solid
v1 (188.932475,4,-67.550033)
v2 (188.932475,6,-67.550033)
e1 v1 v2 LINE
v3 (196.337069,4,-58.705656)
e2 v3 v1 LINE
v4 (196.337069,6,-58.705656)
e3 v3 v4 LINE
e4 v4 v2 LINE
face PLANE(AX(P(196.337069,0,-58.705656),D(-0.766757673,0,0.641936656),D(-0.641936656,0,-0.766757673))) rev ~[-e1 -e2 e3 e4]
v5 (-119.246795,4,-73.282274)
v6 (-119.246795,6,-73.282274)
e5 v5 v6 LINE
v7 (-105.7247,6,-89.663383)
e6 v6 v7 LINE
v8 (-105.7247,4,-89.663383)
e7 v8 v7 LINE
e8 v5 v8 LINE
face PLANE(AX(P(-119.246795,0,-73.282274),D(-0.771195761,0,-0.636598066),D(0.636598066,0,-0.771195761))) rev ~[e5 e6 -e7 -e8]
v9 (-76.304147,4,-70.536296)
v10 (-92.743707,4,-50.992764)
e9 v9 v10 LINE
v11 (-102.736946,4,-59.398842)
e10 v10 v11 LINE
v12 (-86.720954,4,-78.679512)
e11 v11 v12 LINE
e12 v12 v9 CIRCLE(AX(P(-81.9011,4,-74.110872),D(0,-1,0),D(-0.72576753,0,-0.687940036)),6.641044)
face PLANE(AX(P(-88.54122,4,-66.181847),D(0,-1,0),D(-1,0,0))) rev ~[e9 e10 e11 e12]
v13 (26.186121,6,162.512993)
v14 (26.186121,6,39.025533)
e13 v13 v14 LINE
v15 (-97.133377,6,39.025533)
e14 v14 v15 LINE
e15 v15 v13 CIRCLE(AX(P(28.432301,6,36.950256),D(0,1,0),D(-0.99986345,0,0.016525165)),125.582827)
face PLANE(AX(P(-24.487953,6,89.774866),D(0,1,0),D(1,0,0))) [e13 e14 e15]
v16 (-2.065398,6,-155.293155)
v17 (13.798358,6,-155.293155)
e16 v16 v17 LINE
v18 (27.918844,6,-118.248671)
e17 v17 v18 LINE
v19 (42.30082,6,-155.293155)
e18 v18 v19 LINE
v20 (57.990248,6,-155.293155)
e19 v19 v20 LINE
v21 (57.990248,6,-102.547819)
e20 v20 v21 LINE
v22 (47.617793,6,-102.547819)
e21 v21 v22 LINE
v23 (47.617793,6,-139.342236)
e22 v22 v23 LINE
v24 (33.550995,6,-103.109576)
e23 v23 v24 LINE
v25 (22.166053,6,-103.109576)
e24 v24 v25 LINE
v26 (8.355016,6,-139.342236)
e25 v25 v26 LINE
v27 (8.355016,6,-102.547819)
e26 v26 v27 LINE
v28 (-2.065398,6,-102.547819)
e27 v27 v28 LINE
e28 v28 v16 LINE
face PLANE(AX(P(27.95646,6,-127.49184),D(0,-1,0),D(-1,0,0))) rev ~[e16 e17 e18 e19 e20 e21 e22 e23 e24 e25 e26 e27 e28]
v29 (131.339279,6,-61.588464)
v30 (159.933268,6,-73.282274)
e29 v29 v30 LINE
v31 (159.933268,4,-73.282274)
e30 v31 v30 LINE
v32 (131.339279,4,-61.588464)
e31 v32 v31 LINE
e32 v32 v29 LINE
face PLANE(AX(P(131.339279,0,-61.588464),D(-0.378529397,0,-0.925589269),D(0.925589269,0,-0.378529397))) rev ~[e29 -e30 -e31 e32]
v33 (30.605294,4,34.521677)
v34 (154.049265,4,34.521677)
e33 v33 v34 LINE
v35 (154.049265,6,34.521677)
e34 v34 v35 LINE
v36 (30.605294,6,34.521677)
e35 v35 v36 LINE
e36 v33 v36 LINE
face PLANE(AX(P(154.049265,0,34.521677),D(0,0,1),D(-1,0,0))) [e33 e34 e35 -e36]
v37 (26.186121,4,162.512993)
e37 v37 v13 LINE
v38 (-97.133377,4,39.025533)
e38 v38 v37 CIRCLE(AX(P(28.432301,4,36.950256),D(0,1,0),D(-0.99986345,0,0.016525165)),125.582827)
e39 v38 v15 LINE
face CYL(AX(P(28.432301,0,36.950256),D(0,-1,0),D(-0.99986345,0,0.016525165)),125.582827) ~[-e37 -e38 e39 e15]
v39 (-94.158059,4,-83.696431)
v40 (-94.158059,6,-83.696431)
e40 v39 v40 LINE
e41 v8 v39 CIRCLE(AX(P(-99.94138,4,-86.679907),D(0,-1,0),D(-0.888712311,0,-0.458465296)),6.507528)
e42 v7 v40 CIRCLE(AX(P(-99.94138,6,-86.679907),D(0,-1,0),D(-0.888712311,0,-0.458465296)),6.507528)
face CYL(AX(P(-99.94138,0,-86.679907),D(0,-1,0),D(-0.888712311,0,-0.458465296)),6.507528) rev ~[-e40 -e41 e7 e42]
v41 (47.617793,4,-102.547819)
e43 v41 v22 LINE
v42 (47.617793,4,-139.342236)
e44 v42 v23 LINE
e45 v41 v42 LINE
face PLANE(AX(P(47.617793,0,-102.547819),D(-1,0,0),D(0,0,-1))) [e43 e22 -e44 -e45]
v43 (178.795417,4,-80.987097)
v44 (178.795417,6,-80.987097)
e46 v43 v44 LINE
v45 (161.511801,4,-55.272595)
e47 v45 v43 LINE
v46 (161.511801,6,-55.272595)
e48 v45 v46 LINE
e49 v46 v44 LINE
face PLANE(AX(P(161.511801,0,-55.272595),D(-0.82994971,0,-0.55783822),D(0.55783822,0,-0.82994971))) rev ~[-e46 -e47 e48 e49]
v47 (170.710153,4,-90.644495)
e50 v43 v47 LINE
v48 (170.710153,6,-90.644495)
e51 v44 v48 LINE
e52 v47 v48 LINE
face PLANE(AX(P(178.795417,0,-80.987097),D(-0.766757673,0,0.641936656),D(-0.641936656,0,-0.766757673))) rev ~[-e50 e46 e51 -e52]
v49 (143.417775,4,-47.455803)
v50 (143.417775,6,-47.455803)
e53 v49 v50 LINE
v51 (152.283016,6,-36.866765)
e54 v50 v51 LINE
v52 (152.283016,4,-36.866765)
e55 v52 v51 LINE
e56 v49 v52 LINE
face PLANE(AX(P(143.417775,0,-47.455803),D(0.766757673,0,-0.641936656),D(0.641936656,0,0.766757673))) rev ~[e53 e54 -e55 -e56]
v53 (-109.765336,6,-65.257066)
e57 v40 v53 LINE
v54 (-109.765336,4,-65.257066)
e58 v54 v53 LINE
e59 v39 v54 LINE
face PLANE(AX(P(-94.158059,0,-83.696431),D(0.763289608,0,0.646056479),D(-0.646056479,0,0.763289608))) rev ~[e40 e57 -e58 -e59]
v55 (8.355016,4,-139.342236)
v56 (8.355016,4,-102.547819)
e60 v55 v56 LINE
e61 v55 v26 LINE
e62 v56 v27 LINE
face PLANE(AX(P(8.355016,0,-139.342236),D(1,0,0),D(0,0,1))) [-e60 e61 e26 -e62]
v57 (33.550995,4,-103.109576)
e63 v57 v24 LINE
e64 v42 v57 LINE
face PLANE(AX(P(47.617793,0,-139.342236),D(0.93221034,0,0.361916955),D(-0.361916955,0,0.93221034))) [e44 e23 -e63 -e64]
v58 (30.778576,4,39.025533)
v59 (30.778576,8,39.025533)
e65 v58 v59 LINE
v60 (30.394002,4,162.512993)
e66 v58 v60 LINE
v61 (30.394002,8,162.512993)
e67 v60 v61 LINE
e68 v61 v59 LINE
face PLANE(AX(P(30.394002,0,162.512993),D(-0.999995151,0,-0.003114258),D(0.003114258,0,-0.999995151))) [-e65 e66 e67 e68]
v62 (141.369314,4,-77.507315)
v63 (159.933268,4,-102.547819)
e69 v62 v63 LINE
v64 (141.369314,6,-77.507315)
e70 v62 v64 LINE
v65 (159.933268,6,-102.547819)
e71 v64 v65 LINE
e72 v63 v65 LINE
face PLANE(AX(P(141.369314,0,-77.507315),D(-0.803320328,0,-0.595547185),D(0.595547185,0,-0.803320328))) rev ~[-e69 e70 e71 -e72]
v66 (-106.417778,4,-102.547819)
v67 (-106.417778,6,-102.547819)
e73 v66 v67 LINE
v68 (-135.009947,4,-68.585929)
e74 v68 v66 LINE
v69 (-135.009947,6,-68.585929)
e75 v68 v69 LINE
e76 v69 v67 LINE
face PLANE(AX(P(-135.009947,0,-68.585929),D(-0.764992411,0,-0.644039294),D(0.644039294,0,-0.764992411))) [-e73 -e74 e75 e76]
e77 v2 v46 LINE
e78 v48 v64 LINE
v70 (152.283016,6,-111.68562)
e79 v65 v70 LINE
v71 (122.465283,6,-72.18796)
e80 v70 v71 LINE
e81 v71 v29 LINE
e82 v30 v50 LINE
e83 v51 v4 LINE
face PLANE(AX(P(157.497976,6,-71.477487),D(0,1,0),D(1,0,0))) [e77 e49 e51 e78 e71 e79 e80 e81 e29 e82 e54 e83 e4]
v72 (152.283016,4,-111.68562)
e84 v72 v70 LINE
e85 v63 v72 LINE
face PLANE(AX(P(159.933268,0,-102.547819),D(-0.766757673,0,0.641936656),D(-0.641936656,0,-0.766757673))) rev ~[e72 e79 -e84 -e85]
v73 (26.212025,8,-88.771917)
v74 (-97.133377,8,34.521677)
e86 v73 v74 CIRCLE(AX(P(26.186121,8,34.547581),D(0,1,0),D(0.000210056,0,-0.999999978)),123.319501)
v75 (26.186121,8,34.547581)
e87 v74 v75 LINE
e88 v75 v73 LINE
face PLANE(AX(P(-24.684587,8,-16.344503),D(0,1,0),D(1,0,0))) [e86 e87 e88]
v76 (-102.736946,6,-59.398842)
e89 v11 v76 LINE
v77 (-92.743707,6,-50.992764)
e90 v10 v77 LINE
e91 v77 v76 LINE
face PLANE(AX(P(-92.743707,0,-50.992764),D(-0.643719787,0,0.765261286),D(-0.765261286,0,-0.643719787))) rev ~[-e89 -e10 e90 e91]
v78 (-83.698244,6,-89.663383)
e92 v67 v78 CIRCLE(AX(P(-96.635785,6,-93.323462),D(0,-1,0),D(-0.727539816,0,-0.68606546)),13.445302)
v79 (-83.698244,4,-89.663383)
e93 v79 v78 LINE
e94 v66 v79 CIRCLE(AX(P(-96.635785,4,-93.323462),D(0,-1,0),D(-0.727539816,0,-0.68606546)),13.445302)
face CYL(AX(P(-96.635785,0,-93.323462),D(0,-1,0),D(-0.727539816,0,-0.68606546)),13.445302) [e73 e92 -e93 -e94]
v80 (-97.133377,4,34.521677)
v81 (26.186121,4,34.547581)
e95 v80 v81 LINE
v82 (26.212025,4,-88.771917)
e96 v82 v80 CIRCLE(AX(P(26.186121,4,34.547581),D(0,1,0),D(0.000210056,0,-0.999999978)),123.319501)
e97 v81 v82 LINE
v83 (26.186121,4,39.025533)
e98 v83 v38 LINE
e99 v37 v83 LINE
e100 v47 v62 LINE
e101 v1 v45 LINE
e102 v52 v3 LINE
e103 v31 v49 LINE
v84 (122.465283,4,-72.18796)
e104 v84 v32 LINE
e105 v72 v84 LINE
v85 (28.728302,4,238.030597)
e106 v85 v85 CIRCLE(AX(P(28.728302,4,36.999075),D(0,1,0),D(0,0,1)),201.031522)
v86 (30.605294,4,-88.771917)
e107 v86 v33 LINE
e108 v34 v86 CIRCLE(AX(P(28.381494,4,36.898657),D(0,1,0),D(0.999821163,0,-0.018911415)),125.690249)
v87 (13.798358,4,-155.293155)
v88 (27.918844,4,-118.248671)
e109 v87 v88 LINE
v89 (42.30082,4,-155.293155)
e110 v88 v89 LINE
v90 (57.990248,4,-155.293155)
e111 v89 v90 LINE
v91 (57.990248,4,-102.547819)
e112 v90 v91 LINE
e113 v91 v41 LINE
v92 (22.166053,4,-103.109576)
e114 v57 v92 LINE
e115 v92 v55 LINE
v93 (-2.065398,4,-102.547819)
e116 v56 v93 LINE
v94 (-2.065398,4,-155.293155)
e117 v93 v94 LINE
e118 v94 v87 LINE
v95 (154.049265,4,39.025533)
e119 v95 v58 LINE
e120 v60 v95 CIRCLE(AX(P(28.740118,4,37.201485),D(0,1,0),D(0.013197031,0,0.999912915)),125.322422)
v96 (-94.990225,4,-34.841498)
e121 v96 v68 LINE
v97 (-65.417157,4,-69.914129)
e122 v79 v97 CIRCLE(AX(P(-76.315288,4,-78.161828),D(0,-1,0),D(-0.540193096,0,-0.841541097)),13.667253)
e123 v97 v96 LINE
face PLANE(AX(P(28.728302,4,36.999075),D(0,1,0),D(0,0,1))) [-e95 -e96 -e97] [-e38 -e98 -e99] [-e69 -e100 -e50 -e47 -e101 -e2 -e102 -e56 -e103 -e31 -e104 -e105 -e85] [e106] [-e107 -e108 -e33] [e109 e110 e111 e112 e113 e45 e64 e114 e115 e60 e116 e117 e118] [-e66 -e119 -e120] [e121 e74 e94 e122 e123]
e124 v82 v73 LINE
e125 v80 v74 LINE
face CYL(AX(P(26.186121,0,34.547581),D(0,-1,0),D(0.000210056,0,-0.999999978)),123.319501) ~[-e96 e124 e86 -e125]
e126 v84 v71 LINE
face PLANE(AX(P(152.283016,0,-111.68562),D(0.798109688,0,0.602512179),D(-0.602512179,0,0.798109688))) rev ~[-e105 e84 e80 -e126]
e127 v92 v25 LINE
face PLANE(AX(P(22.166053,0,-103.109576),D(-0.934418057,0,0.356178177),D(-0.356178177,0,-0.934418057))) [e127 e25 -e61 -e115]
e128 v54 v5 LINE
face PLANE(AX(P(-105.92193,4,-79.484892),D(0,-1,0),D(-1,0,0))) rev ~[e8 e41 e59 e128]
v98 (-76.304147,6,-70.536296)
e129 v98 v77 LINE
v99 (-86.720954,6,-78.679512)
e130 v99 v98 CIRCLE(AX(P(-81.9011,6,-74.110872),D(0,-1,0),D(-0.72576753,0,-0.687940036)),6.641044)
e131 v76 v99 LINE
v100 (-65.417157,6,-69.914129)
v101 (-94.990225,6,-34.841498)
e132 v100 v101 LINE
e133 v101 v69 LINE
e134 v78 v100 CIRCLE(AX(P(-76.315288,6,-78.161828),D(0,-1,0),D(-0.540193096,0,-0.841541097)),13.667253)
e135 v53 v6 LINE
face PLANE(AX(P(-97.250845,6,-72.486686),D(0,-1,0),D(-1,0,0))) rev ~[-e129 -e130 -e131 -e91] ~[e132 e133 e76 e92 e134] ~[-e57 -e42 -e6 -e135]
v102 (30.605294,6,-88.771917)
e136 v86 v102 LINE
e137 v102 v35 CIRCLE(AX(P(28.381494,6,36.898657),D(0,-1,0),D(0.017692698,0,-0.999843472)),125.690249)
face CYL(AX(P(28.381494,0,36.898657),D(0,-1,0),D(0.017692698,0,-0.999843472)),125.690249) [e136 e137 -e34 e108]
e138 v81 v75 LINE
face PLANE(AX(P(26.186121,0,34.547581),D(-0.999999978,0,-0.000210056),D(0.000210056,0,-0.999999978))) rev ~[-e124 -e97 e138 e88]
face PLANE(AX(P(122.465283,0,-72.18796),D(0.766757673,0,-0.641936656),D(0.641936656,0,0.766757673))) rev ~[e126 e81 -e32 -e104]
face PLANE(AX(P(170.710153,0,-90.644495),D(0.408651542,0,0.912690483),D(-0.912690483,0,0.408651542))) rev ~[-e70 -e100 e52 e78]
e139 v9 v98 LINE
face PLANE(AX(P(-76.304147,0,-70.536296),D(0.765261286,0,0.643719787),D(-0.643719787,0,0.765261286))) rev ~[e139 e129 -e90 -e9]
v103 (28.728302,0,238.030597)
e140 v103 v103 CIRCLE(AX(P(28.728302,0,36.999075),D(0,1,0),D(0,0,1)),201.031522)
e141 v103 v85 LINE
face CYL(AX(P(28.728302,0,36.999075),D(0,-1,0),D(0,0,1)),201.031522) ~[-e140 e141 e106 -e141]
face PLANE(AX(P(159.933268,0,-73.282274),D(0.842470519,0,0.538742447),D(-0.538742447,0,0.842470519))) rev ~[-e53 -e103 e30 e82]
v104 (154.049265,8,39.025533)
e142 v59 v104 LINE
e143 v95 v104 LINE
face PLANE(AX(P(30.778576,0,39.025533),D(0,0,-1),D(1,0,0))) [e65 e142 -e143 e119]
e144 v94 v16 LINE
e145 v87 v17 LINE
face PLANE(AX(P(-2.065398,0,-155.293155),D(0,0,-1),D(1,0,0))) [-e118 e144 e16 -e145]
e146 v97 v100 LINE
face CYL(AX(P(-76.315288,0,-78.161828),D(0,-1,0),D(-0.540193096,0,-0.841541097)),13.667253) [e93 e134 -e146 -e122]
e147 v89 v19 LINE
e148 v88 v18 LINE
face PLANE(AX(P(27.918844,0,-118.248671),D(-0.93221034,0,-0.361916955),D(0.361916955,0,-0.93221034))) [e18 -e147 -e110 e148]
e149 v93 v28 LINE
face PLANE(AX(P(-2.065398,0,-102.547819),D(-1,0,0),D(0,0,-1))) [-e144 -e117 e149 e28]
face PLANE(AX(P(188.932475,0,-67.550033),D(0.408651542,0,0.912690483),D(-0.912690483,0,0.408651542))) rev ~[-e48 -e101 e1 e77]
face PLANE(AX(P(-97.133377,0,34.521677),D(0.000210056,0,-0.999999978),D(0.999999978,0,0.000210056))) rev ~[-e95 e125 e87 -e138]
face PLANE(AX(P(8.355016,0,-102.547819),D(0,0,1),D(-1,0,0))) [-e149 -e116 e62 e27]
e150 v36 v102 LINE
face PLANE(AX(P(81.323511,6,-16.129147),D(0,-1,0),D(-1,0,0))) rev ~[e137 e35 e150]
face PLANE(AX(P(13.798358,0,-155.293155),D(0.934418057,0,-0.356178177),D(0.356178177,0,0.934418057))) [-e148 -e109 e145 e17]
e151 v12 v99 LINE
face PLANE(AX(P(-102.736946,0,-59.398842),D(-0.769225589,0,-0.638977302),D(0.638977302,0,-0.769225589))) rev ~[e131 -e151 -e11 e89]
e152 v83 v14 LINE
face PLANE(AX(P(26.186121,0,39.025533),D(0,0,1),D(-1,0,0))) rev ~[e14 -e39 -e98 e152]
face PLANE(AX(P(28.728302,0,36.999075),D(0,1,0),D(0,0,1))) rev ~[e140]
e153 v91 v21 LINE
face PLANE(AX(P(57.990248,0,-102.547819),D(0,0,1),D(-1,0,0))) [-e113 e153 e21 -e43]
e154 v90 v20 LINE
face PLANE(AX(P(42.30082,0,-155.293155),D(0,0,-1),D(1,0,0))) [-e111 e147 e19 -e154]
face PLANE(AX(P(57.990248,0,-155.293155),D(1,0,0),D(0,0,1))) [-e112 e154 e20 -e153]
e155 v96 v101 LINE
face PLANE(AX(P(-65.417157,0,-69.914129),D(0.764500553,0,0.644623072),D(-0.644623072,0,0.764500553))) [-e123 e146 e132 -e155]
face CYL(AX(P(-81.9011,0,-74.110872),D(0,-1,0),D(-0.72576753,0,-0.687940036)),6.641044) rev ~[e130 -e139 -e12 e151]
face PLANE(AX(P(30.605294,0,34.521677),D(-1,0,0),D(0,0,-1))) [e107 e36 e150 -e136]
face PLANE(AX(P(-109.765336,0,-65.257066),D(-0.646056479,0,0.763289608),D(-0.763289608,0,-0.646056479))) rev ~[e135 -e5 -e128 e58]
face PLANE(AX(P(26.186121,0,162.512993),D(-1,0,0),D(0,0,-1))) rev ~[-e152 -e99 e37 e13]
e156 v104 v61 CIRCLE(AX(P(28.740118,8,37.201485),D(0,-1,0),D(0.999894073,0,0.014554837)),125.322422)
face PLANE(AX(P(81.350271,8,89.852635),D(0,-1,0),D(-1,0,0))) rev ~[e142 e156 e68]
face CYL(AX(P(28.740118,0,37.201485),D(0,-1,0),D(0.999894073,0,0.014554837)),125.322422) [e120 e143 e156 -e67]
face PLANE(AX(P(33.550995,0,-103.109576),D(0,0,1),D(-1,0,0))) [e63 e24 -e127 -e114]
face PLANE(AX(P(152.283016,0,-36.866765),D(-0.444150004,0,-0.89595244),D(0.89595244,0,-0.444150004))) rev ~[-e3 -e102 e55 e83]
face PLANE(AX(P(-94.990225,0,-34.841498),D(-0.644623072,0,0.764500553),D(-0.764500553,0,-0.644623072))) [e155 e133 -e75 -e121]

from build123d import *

# Parameters (mm, degrees)
BOSS_EXTRUDE7_DEPTH   = 4
BOSS_EXTRUDE7_2_DEPTH = 4
SKETCH2_R             = 201.031521777
BOSS_EXTRUDE7_3_DEPTH = 4
BOSS_EXTRUDE10_DEPTH  = 6
BOSS_EXTRUDE11_DEPTH  = 8


with BuildPart() as part:
    # Sketch2 → Boss-Extrude7 (new body)
    with BuildSketch(Plane(origin=(0, 0, 0), x_dir=(1, 0, 0), z_dir=(0, 1, 0))):
        with BuildLine():
            Line((-105.724699903, 89.663383086), (-119.246794828, 73.282274115))
            Line((-119.246794828, 73.282274115), (-109.765335501, 65.257065635))
            Line((-109.765335501, 65.257065635), (-94.158059223, 83.696431494))
            ThreePointArc((-94.158059223, 83.696431494), (-96.957903767, 92.46322763), (-105.724699903, 89.663383086))
        make_face()
    extrude(amount=BOSS_EXTRUDE7_DEPTH)



with BuildPart() as body_2:
    # Sketch2 → Boss-Extrude7 2 (new body)
    with BuildSketch(Plane(origin=(0, 0, 0), x_dir=(1, 0, 0), z_dir=(0, 1, 0))):
        with BuildLine():
            Line((-86.720953962, 78.679511972), (-102.73694564, 59.398841753))
            Line((-102.73694564, 59.398841753), (-92.743706606, 50.992764213))
            Line((-92.743706606, 50.992764213), (-76.304147471, 70.536296052))
            ThreePointArc((-76.304147471, 70.536296052), (-77.810994424, 79.342936952), (-86.720953962, 78.679511972))
        make_face()
    extrude(amount=BOSS_EXTRUDE7_2_DEPTH)


with BuildPart() as body_3:
    # Sketch2 → Boss-Extrude7 3 (new body)
    with BuildSketch(Plane(origin=(0, 0, 0), x_dir=(1, 0, 0), z_dir=(0, 1, 0))):
        with Locations((28.728301923, -36.999075156)):
            Circle(SKETCH2_R)
        with BuildLine():
            Line((26.186120795, -39.0255328), (26.186120795, -162.512993196))
            ThreePointArc((26.186120795, -162.512993196), (-60.428579099, -125.690271204), (-97.133377287, -39.0255328))
            Line((-97.133377287, -39.0255328), (26.186120795, -39.0255328))
        make_face(mode=Mode.SUBTRACT)
        with BuildLine():
            ThreePointArc((154.049264899, -39.0255328), (117.2962644, -125.8779667), (30.394002326, -162.512993196))
            Line((30.394002326, -162.512993196), (30.778576004, -39.0255328))
            Line((30.778576004, -39.0255328), (154.049264899, -39.0255328))
        make_face(mode=Mode.SUBTRACT)
        with BuildLine():
            Line((26.186120795, -34.547580598), (-97.133377287, -34.521676642))
            ThreePointArc((-97.133377287, -34.521676642), (-60.995615689, 52.670789611), (26.21202475, 88.771917484))
            Line((26.21202475, 88.771917484), (26.186120795, -34.547580598))
        make_face(mode=Mode.SUBTRACT)
        with BuildLine():
            Line((-94.990225375, 34.841498226), (-135.009946729, 68.585928646))
            Line((-135.009946729, 68.585928646), (-106.417778138, 102.547819155))
            ThreePointArc((-106.417778138, 102.547819155), (-90.003173195, 105.01895685), (-83.698244067, 89.663383086))
            ThreePointArc((-83.698244067, 89.663383086), (-66.285464204, 87.446031309), (-65.417157073, 69.914129125))
            Line((-65.417157073, 69.914129125), (-94.990225375, 34.841498226))
        make_face(mode=Mode.SUBTRACT)
        Polygon((8.355015654, 102.547819155), (-2.065397597, 102.547819155), (-2.065397597, 155.293154737), (13.798357886, 155.293154737), (27.918843536, 118.248670779), (42.300819661, 155.293154737), (57.990248161, 155.293154737), (57.990248161, 102.547819155), (47.617792653, 102.547819155), (47.617792653, 139.342235762), (33.550995269, 103.109575833), (22.166053086, 103.109575833), (8.355015654, 139.342235762), align=None, mode=Mode.SUBTRACT)
        with BuildLine():
            ThreePointArc((30.605293957, 88.771917484), (117.203738276, 52.031920201), (154.049264899, -34.521676642))
            Line((154.049264899, -34.521676642), (30.605293957, -34.521676642))
            Line((30.605293957, -34.521676642), (30.605293957, 88.771917484))
        make_face(mode=Mode.SUBTRACT)
        Polygon((131.33927946, 61.588463956), (122.465283041, 72.187959679), (152.283015919, 111.685620156), (159.93326792, 102.547819155), (141.369313955, 77.507315286), (170.710153416, 90.644495422), (178.795417003, 80.987097248), (161.511800701, 55.272594698), (188.932474766, 67.550032606), (196.33706913, 58.705656004), (152.283015919, 36.866764734), (143.417774586, 47.455802993), (159.93326792, 73.282274115), align=None, mode=Mode.SUBTRACT)
    extrude(amount=BOSS_EXTRUDE7_3_DEPTH)


with BuildPart() as part_1:
    add(part.part)

    add(body_2.part)  # Boss-Extrude10 merges body 2

    add(body_3.part)  # Boss-Extrude10 merges body 3
    # Sketch2<12> → Boss-Extrude10 (add)
    # profile 1 of 5: a face of its own
    with BuildSketch(Plane(origin=(0, 0, 0), x_dir=(1, 0, 0), z_dir=(0, 1, 0))):
        with BuildLine():
            Line((30.605293957, -34.521676642), (154.049264899, -34.521676642))
            ThreePointArc((154.049264899, -34.521676642), (117.203738276, 52.031920201), (30.605293957, 88.771917484))
            Line((30.605293957, 88.771917484), (30.605293957, -34.521676642))
        make_face()
    # profile 2 of 5: a face of its own
    with BuildSketch(Plane(origin=(0, 0, 0), x_dir=(1, 0, 0), z_dir=(0, 1, 0))):
        with BuildLine():
            ThreePointArc((-97.133377287, -39.0255328), (-60.428579099, -125.690271204), (26.186120795, -162.512993196))
            Line((26.186120795, -162.512993196), (26.186120795, -39.0255328))
            Line((26.186120795, -39.0255328), (-97.133377287, -39.0255328))
        make_face()
    # profile 3 of 5: a face of its own
    with BuildSketch(Plane(origin=(0, 0, 0), x_dir=(1, 0, 0), z_dir=(0, 1, 0))):
        with BuildLine():
            Line((-106.417778138, 102.547819155), (-135.009946729, 68.585928646))
            Line((-135.009946729, 68.585928646), (-94.990225375, 34.841498226))
            Line((-94.990225375, 34.841498226), (-65.417157073, 69.914129125))
            ThreePointArc((-65.417157073, 69.914129125), (-66.285464204, 87.446031309), (-83.698244067, 89.663383086))
            ThreePointArc((-83.698244067, 89.663383086), (-90.003173195, 105.01895685), (-106.417778138, 102.547819155))
        make_face()
        with BuildLine():
            Line((-109.765335501, 65.257065635), (-119.246794828, 73.282274115))
            Line((-119.246794828, 73.282274115), (-105.724699903, 89.663383086))
            ThreePointArc((-105.724699903, 89.663383086), (-96.957903767, 92.46322763), (-94.158059223, 83.696431494))
            Line((-94.158059223, 83.696431494), (-109.765335501, 65.257065635))
        make_face(mode=Mode.SUBTRACT)
        with BuildLine():
            Line((-92.743706606, 50.992764213), (-102.73694564, 59.398841753))
            Line((-102.73694564, 59.398841753), (-86.720953962, 78.679511972))
            ThreePointArc((-86.720953962, 78.679511972), (-77.810994424, 79.342936952), (-76.304147471, 70.536296052))
            Line((-76.304147471, 70.536296052), (-92.743706606, 50.992764213))
        make_face(mode=Mode.SUBTRACT)
    # profile 4 of 5: a face of its own
    with BuildSketch(Plane(origin=(0, 0, 0), x_dir=(1, 0, 0), z_dir=(0, 1, 0))):
        Polygon((-2.065397597, 155.293154737), (-2.065397597, 102.547819155), (8.355015654, 102.547819155), (8.355015654, 139.342235762), (22.166053086, 103.109575833), (33.550995269, 103.109575833), (47.617792653, 139.342235762), (47.617792653, 102.547819155), (57.990248161, 102.547819155), (57.990248161, 155.293154737), (42.300819661, 155.293154737), (27.918843536, 118.248670779), (13.798357886, 155.293154737), align=None)
    # profile 5 of 5: a face of its own
    with BuildSketch(Plane(origin=(0, 0, 0), x_dir=(1, 0, 0), z_dir=(0, 1, 0))):
        Polygon((152.283015919, 111.685620156), (122.465283041, 72.187959679), (131.33927946, 61.588463956), (159.93326792, 73.282274115), (143.417774586, 47.455802993), (152.283015919, 36.866764734), (196.33706913, 58.705656004), (188.932474766, 67.550032606), (161.511800701, 55.272594698), (178.795417003, 80.987097248), (170.710153416, 90.644495422), (141.369313955, 77.507315286), (159.93326792, 102.547819155), align=None)
    extrude(amount=BOSS_EXTRUDE10_DEPTH)

    # Sketch2<13> → Boss-Extrude11 (add)
    with BuildSketch(Plane(origin=(0, 0, 0), x_dir=(1, 0, 0), z_dir=(0, 1, 0))):
        with BuildLine():
            Line((30.778576004, -39.0255328), (30.394002326, -162.512993196))
            ThreePointArc((30.394002326, -162.512993196), (117.2962644, -125.8779667), (154.049264899, -39.0255328))
            Line((154.049264899, -39.0255328), (30.778576004, -39.0255328))
        make_face()
        with BuildLine():
            ThreePointArc((26.21202475, 88.771917484), (-60.995615689, 52.670789611), (-97.133377287, -34.521676642))
            Line((-97.133377287, -34.521676642), (26.186120795, -34.547580598))
            Line((26.186120795, -34.547580598), (26.21202475, 88.771917484))
        make_face()
    extrude(amount=BOSS_EXTRUDE11_DEPTH)


solid = part_1.part
